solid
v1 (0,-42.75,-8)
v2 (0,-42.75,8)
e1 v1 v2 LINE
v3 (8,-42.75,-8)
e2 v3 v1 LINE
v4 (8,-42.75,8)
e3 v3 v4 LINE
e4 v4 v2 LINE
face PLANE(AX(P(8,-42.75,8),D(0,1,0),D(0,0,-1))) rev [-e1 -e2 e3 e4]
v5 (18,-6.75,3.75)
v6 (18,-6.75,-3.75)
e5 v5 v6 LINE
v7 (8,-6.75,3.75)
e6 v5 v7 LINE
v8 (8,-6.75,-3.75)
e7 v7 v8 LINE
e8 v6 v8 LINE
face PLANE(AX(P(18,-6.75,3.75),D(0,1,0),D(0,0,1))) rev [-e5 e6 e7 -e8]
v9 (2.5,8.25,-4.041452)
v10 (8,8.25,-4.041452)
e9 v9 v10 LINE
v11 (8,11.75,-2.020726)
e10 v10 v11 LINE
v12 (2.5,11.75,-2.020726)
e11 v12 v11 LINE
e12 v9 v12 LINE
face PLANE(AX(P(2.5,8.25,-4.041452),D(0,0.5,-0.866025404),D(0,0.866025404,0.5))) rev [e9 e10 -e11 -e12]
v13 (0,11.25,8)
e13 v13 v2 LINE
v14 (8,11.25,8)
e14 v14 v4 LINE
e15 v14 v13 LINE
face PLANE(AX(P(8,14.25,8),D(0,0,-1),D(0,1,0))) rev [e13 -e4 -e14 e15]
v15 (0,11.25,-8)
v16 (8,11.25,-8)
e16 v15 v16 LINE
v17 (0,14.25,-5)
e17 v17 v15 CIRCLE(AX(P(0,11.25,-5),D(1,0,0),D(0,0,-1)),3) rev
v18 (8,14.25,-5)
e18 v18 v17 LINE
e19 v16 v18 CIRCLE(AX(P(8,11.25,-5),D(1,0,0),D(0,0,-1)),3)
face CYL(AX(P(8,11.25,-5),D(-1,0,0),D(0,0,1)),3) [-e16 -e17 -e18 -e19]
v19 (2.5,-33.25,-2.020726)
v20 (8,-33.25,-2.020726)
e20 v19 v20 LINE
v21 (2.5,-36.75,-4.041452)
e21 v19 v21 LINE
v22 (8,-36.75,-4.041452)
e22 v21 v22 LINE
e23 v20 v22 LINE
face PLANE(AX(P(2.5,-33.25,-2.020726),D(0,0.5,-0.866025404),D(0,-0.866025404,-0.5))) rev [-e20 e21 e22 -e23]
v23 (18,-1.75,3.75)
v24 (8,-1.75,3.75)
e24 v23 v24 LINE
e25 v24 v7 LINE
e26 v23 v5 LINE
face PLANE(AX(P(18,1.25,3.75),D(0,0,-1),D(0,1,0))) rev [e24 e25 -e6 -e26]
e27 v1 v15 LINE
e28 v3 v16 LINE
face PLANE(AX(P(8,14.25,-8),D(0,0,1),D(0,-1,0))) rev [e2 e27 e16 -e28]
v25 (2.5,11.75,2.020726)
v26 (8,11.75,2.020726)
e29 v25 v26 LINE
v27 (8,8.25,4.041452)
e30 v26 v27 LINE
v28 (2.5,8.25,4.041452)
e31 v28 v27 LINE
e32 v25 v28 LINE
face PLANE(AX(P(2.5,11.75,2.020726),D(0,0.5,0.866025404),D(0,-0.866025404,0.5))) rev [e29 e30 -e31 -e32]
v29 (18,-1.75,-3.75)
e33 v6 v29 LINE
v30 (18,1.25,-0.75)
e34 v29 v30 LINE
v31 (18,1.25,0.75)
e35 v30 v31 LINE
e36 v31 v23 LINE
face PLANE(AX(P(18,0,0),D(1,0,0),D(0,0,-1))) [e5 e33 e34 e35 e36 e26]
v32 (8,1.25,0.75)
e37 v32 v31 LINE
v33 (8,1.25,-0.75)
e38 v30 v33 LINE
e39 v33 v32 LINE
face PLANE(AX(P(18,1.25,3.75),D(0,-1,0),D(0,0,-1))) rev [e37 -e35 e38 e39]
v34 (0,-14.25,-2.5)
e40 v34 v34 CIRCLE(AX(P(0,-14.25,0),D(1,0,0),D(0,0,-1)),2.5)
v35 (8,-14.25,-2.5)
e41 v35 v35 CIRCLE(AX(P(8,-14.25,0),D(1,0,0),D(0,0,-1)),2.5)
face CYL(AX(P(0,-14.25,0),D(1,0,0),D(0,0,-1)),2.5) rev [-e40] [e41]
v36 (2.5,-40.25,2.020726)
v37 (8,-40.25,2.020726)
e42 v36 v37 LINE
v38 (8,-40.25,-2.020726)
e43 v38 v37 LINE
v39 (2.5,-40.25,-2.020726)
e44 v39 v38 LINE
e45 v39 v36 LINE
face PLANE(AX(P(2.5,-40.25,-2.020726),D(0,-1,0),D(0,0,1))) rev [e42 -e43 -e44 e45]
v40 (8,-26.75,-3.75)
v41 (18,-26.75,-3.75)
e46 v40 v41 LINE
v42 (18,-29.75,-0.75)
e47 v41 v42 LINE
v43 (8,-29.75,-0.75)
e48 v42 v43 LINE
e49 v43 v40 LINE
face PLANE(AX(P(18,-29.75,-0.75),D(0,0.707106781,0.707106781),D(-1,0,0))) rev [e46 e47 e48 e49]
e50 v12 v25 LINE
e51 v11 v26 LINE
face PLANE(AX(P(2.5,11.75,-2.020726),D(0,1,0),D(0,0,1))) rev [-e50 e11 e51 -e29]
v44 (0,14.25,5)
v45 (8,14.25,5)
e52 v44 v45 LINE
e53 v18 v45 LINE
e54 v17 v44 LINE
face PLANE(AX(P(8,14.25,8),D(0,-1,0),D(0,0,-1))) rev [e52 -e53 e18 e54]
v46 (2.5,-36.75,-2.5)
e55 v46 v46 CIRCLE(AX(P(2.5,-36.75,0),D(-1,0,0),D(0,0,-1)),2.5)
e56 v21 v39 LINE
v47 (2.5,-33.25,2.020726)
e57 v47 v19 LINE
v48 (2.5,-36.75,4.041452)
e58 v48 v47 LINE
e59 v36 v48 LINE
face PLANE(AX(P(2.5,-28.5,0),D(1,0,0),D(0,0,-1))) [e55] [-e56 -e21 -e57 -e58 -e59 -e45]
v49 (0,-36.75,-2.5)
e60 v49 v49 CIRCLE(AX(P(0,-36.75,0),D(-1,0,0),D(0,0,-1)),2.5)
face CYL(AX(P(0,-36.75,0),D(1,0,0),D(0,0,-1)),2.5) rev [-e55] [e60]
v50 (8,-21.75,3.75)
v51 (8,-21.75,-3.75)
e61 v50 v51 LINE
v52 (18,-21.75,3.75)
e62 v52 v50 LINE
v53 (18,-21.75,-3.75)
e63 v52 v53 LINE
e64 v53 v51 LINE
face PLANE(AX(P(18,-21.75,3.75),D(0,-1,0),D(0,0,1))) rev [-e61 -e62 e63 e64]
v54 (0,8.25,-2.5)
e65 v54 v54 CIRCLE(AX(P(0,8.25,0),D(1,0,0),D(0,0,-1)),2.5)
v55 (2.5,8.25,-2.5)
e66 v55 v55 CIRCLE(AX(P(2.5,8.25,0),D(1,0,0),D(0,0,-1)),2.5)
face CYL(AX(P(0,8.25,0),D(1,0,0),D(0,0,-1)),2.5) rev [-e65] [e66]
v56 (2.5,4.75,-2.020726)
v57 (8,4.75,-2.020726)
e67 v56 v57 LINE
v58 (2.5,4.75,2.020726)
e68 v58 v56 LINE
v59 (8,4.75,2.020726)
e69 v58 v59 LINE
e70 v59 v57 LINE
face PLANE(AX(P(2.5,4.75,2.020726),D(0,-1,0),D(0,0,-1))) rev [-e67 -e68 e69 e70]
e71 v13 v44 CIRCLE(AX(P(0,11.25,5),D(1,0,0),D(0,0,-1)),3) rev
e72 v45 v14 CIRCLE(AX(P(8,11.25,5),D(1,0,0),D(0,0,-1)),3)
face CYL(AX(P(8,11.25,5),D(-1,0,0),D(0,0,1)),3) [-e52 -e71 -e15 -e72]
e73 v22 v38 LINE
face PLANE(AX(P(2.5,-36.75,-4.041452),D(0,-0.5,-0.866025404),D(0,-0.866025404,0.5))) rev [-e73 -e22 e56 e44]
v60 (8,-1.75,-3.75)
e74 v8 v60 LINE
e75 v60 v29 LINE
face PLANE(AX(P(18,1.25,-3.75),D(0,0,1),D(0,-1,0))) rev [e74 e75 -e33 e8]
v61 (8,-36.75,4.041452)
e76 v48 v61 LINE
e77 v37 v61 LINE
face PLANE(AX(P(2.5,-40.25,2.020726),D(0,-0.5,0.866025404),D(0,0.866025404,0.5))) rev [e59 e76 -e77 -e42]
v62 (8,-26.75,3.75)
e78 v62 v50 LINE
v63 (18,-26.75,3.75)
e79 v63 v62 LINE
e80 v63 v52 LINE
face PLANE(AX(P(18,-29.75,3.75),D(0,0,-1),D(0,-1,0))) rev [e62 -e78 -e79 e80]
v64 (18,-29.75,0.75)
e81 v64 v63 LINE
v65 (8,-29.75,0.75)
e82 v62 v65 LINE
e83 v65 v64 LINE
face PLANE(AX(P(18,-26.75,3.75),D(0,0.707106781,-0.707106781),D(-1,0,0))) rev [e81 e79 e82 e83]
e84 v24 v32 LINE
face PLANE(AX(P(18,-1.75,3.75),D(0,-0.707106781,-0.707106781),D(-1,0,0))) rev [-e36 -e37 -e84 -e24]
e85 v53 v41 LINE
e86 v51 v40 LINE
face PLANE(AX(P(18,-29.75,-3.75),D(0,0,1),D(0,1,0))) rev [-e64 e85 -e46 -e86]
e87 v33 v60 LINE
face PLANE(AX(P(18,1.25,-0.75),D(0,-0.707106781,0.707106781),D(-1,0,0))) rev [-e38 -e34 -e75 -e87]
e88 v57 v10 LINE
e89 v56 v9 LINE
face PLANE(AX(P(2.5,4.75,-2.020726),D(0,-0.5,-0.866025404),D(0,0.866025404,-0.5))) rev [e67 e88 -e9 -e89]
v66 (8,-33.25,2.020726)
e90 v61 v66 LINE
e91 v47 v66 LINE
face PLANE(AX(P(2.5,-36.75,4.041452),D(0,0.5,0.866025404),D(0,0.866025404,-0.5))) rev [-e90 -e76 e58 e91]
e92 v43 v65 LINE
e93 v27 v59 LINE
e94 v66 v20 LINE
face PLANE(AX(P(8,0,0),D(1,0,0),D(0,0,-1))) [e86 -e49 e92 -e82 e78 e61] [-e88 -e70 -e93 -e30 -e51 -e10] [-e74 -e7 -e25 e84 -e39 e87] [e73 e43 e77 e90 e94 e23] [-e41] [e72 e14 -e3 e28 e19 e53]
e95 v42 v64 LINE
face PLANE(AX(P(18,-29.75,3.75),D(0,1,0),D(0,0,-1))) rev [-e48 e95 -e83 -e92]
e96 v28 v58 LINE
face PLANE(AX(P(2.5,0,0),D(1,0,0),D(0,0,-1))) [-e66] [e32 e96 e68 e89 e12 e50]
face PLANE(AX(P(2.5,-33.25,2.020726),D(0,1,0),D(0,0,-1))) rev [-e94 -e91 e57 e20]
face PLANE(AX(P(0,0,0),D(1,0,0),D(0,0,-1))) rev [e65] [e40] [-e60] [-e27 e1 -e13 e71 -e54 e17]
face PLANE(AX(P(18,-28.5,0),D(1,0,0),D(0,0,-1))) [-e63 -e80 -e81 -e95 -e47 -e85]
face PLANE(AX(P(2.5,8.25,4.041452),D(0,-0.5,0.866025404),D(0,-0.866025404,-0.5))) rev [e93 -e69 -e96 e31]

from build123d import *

# Parameters (mm, degrees)
ESQUISSE1_W             = 16
ESQUISSE1_H             = 28.5
BOSS_EXTRU_1_DEPTH      = 8
ENL_V_MAT_EXTRU_1_DEPTH = 5.5
ESQUISSE3_R             = 2.5
ENL_V_MAT_EXTRU_2_DEPTH = 3.5
ESQUISSE4_W             = 7.5
ESQUISSE4_H             = 8
BOSS_EXTRU_2_DEPTH      = 10
CHANFREIN2_SIZE         = 3
ESQUISSE5_R             = 2.5
ENL_V_MAT_EXTRU_3_DEPTH = 9
CONG_1_R                = 3


with BuildPart() as part:
    # Esquisse1 → Boss.-Extru.1 (new body)
    with BuildSketch(Plane(origin=(0, 0, 0), x_dir=(0, 0, -1), z_dir=(1, 0, 0))):
        Rectangle(ESQUISSE1_W, ESQUISSE1_H)
    extrude(amount=BOSS_EXTRU_1_DEPTH)

    # Esquisse2 → Enlèv. mat.-Extru.1 (cut)
    with BuildSketch(Plane(origin=(8, 0, 0), x_dir=(0, 0, -1), z_dir=(1, 0, 0))):
        Polygon((4.041451884, 8.25), (2.020725942, 11.75), (-2.020725942, 11.75), (-4.041451884, 8.25), (-2.020725942, 4.75), (2.020725942, 4.75), align=None)
    extrude(amount=-ENL_V_MAT_EXTRU_1_DEPTH, mode=Mode.SUBTRACT)

    # Esquisse3 → Enlèv. mat.-Extru.2 (cut, through all)
    with BuildSketch(Plane(origin=(2.5, 0, 0), x_dir=(0, 0, -1), z_dir=(1, 0, 0))):
        with Locations((0, 8.25)):
            Circle(ESQUISSE3_R)
    extrude(amount=-ENL_V_MAT_EXTRU_2_DEPTH, mode=Mode.SUBTRACT)

    # Esquisse4 → Boss.-Extru.2 (add)
    with BuildSketch(Plane(origin=(8, 0, 0), x_dir=(0, 0, -1), z_dir=(1, 0, 0))):
        with Locations((0, -2.75)):
            Rectangle(ESQUISSE4_W, ESQUISSE4_H)
    extrude(amount=BOSS_EXTRU_2_DEPTH)

    # Chanfrein2
    chanfrein2_edges = [part.edges().sort_by_distance(p)[0] for p in [
        (13, 1.25, -3.75),
        (13, 1.25, 3.75),
    ]]
    chamfer(chanfrein2_edges, length=CHANFREIN2_SIZE)

    # Symétrie1: part across plane


with BuildPart() as part_1:
    add(part.part)
    add(part.part.mirror(Plane(origin=(8, -14.25, 8), x_dir=(0, 0, 1), z_dir=(0, 1, 0))))

    # Esquisse5 → Enlèv. mat.-Extru.3 (cut, through all)
    with BuildSketch(Plane(origin=(8, 0, 0), x_dir=(0, 0, -1), z_dir=(1, 0, 0))):
        with Locations((0, -14.25)):
            Circle(ESQUISSE5_R)
    extrude(amount=-ENL_V_MAT_EXTRU_3_DEPTH, mode=Mode.SUBTRACT)

    # Congé1
    cong_1_edges = [part_1.edges().sort_by_distance(p)[0] for p in [
        (4, 14.25, 8),
        (4, 14.25, -8),
    ]]
    fillet(cong_1_edges, radius=CONG_1_R)


solid = part_1.part
